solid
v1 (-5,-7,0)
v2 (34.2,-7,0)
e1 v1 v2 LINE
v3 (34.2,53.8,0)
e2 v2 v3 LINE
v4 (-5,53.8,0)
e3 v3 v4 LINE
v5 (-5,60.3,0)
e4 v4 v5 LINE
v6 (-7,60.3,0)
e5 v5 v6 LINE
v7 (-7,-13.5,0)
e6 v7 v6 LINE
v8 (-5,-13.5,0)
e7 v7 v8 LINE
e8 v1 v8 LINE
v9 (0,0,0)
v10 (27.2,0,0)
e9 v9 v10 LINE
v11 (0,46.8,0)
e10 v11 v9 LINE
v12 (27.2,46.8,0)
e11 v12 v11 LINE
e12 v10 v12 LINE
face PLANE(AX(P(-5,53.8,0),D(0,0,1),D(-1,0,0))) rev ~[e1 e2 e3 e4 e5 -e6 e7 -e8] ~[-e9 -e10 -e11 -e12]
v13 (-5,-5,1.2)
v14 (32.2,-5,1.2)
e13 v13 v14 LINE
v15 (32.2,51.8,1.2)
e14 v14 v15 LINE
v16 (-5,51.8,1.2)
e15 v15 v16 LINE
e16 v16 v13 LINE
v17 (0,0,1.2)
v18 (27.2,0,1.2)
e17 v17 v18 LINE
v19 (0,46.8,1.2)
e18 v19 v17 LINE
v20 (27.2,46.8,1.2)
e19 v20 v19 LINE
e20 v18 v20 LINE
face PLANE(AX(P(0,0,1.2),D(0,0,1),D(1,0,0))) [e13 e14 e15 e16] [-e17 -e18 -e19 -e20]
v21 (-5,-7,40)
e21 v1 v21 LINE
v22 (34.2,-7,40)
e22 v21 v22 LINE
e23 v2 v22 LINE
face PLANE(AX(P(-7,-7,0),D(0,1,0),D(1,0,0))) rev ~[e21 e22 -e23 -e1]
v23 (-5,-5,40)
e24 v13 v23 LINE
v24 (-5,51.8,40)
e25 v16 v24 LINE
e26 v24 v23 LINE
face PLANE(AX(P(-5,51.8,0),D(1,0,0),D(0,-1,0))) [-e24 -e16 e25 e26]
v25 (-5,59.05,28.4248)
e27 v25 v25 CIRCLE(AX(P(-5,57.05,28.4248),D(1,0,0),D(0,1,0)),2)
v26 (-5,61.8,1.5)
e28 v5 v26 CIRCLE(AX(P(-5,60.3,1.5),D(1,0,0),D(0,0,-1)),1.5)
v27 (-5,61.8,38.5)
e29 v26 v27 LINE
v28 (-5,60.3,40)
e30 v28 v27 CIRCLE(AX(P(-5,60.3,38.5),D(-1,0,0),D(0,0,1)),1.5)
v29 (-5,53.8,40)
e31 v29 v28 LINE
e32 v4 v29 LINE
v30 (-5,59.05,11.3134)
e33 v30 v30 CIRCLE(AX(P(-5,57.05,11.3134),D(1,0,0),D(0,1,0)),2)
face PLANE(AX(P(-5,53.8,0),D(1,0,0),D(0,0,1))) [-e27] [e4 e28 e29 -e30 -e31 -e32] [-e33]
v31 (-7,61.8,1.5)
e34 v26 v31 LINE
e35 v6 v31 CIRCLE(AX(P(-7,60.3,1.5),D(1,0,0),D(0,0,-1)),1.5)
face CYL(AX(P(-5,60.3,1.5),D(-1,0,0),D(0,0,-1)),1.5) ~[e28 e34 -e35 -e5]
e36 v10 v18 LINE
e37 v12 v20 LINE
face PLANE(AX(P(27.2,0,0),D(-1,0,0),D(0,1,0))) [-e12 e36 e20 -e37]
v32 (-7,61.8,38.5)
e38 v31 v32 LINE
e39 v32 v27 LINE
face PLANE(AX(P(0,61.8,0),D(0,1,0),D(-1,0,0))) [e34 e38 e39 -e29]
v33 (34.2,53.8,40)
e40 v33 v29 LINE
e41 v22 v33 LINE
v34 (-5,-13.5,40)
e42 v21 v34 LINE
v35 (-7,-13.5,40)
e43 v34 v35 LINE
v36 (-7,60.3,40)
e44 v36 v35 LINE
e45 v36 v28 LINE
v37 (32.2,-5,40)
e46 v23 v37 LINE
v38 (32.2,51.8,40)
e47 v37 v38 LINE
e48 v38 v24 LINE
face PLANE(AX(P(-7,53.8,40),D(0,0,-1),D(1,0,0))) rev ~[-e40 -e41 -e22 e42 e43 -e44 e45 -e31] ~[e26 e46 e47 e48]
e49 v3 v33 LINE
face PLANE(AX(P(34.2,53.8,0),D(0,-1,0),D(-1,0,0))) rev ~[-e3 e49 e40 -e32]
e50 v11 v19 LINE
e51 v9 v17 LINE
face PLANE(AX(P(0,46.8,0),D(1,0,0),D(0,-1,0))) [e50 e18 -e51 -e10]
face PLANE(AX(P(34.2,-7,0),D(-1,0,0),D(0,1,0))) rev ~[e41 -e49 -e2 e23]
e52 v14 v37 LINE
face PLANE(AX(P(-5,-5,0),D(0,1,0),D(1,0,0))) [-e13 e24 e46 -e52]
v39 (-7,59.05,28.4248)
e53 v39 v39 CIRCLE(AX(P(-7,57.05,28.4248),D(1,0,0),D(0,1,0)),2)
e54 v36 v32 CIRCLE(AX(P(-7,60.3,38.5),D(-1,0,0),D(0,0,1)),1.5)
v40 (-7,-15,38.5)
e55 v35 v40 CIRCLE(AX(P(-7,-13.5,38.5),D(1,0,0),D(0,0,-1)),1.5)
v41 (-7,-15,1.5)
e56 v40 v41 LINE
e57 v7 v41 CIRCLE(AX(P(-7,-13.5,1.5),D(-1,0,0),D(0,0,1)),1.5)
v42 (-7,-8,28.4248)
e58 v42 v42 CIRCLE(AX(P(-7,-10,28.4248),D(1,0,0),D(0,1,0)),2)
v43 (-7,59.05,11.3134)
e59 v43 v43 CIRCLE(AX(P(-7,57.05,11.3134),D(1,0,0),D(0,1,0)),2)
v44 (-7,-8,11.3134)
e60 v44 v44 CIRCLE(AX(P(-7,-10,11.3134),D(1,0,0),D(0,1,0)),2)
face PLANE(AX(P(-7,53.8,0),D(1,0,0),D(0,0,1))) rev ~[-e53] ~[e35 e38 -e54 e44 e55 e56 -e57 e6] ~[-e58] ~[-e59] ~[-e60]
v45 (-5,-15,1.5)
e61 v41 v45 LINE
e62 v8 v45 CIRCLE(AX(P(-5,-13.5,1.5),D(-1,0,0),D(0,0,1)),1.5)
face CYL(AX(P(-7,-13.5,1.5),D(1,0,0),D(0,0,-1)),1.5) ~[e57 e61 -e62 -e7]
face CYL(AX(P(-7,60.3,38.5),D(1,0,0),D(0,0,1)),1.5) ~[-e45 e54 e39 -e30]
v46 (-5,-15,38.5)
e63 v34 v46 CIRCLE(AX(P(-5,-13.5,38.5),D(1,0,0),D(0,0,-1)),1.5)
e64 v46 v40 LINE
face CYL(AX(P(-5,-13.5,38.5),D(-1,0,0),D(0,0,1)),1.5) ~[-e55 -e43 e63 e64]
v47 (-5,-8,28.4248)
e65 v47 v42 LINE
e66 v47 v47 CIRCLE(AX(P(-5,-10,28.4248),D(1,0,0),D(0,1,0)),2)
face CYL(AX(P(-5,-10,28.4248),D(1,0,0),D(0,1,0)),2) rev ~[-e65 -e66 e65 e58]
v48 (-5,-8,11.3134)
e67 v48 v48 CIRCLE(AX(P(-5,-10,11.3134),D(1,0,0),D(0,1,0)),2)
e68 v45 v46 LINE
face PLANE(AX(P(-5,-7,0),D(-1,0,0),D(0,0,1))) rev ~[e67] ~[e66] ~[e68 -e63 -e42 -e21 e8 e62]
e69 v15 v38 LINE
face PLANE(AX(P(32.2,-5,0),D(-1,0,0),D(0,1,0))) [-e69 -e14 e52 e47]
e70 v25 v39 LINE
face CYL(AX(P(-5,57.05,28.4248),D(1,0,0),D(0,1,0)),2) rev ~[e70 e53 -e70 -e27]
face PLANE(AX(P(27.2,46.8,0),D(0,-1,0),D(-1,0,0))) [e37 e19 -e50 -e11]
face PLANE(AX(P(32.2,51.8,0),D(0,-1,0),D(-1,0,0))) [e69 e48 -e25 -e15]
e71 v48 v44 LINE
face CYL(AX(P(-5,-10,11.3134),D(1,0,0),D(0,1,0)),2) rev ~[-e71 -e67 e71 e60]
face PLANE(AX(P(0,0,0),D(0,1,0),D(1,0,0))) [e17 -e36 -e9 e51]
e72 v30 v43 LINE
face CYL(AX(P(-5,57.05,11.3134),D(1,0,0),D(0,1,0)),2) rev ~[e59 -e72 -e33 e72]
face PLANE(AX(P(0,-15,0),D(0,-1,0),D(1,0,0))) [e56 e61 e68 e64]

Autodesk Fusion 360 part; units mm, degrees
sketch "Sketch1" plane through (0, 0, 0) normal (0, 0, 1) x (1, 0, 0)
  line L0 (0, 0) -> (27.2, 0)
  line L1 (27.2, 0) -> (27.2, 46.8)
  line L2 (27.2, 46.8) -> (0, 46.8)
  line L3 (0, 46.8) -> (0, 0)
  line L4 (-5, 51.8) -> (-5, -5)
  line L5 (-5, -5) -> (32.2, -5)
  line L6 (32.2, -5) -> (32.2, 51.8)
  line L7 (32.2, 51.8) -> (-5, 51.8)
  line L8 (-7, 53.8) -> (-7, -7)
  line L9 (-7, -7) -> (34.2, -7)
  line L10 (34.2, -7) -> (34.2, 53.8)
  line L11 (34.2, 53.8) -> (-7, 53.8)
  dimension "d1" = 27.2
  dimension "d2" = 46.8
  dimension "d3" = 5
  dimension "d4" = 7
extrude "Extrude1" add sketch "Sketch1" along normal blind 1.2 contours L4 L5 L6 L7
extrude "Extrude2" add sketch "Sketch1" along normal blind 40 contours L8 L9 L10 L11
sketch "Sketch2" plane through (0, 0, 40) normal (0, 0, 1) x (-1, 0, 0)
  line L0 (5, -51.8) -> (-32.2, -51.8)
  line L1 (-32.2, -51.8) -> (-32.2, 5)
  line L2 (-32.2, 5) -> (5, 5)
  line L3 (5, 5) -> (5, -51.8)
  line L4 (-34.2, -53.8) -> (7, -53.8)
  line L5 (7, -53.8) -> (7, 7)
  line L6 (7, 7) -> (-34.2, 7)
  line L7 (-34.2, 7) -> (-34.2, -53.8)
  line L8 (7, -53.8) -> (10.9437, -53.8)
  line L9 (10.9437, -53.8) -> (10.9437, 7)
  line L10 (10.9437, 7) -> (7, 7)
  line L11 (7, 7) -> (7, -53.8)
sketch "Sketch3" plane through (0, -7, 0) normal (0, -1, 0) x (1, 0, 0)
  line L0 (-7, 0) -> (34.2, 0)
  line L1 (34.2, 0) -> (34.2, 40)
  line L2 (34.2, 40) -> (-7, 40)
  line L3 (-7, 40) -> (-7, 0)
  line L4 (-7, 0) -> (-5, 0)
  line L5 (-5, 0) -> (-5, 40)
  line L6 (-5, 40) -> (-7, 40)
  line L7 (-7, 40) -> (-7, 0)
  dimension "d9" = 2
extrude "Extrude3" add sketch "Sketch3" along normal blind 8 contours L0 L2 L3 L4 L5 L6 L7
sketch "Sketch4" plane through (0, 53.8, 0) normal (0, 1, 0) x (-1, 0, 0)
  line L0 (-34.2, 0) -> (7, 0)
  line L1 (7, 0) -> (7, 40)
  line L2 (7, 40) -> (-34.2, 40)
  line L3 (-34.2, 40) -> (-34.2, 0)
  line L4 (7, 0) -> (5, 0)
  line L5 (5, 0) -> (5, 40)
  line L6 (5, 40) -> (7, 40)
  line L7 (7, 40) -> (7, 0)
  dimension "d12" = 2
extrude "Extrude4" add sketch "Sketch4" along normal blind 8 contours L0 L1 L2 L4 L5 L6 L7
fillet "Fillet1" radius 1.5 4 edges at (-6, -15, 40) (-6, 61.8, 40) (-6, 61.8, 0) (-6, -15, 0)
sketch "Sketch5" plane through (-5, 0, 0) normal (1, 0, 0) x (0, 1, 0)
  arc A0 (60.3, 0) -> (61.8, 1.5) centre (60.3, 1.5) ccw
  line L0 (61.8, 1.5) -> (61.8, 38.5)
  arc A1 (61.8, 38.5) -> (60.3, 40) centre (60.3, 38.5) ccw
  line L1 (60.3, 40) -> (53.8, 40)
  line L2 (53.8, 40) -> (53.8, 0)
  line L3 (53.8, 0) -> (60.3, 0)
  line L4 (61.8, 11.3134) -> (-15, 11.3134) construction
  line L5 (61.8, 28.4248) -> (-15, 28.4248) construction
  line L6 (57.05, 0) -> (57.05, 40) construction
  line L7 (-10, 0) -> (-10, 40) construction
  circle A2 centre (57.05, 11.3134) radius 2
  circle A3 centre (57.05, 28.4248) radius 2
  circle A4 centre (-10, 11.3134) radius 2
  circle A5 centre (-10, 28.4248) radius 2
  dimension "d17" = 4
  dimension "d18" = 4
  dimension "d19" = 4
  dimension "d20" = 4
extrude "Extrude5" cut sketch "Sketch5" against normal blind 4 contours A2 | A3 | A4 | A5
equation "d4 = 12 mm - 5 mm"
